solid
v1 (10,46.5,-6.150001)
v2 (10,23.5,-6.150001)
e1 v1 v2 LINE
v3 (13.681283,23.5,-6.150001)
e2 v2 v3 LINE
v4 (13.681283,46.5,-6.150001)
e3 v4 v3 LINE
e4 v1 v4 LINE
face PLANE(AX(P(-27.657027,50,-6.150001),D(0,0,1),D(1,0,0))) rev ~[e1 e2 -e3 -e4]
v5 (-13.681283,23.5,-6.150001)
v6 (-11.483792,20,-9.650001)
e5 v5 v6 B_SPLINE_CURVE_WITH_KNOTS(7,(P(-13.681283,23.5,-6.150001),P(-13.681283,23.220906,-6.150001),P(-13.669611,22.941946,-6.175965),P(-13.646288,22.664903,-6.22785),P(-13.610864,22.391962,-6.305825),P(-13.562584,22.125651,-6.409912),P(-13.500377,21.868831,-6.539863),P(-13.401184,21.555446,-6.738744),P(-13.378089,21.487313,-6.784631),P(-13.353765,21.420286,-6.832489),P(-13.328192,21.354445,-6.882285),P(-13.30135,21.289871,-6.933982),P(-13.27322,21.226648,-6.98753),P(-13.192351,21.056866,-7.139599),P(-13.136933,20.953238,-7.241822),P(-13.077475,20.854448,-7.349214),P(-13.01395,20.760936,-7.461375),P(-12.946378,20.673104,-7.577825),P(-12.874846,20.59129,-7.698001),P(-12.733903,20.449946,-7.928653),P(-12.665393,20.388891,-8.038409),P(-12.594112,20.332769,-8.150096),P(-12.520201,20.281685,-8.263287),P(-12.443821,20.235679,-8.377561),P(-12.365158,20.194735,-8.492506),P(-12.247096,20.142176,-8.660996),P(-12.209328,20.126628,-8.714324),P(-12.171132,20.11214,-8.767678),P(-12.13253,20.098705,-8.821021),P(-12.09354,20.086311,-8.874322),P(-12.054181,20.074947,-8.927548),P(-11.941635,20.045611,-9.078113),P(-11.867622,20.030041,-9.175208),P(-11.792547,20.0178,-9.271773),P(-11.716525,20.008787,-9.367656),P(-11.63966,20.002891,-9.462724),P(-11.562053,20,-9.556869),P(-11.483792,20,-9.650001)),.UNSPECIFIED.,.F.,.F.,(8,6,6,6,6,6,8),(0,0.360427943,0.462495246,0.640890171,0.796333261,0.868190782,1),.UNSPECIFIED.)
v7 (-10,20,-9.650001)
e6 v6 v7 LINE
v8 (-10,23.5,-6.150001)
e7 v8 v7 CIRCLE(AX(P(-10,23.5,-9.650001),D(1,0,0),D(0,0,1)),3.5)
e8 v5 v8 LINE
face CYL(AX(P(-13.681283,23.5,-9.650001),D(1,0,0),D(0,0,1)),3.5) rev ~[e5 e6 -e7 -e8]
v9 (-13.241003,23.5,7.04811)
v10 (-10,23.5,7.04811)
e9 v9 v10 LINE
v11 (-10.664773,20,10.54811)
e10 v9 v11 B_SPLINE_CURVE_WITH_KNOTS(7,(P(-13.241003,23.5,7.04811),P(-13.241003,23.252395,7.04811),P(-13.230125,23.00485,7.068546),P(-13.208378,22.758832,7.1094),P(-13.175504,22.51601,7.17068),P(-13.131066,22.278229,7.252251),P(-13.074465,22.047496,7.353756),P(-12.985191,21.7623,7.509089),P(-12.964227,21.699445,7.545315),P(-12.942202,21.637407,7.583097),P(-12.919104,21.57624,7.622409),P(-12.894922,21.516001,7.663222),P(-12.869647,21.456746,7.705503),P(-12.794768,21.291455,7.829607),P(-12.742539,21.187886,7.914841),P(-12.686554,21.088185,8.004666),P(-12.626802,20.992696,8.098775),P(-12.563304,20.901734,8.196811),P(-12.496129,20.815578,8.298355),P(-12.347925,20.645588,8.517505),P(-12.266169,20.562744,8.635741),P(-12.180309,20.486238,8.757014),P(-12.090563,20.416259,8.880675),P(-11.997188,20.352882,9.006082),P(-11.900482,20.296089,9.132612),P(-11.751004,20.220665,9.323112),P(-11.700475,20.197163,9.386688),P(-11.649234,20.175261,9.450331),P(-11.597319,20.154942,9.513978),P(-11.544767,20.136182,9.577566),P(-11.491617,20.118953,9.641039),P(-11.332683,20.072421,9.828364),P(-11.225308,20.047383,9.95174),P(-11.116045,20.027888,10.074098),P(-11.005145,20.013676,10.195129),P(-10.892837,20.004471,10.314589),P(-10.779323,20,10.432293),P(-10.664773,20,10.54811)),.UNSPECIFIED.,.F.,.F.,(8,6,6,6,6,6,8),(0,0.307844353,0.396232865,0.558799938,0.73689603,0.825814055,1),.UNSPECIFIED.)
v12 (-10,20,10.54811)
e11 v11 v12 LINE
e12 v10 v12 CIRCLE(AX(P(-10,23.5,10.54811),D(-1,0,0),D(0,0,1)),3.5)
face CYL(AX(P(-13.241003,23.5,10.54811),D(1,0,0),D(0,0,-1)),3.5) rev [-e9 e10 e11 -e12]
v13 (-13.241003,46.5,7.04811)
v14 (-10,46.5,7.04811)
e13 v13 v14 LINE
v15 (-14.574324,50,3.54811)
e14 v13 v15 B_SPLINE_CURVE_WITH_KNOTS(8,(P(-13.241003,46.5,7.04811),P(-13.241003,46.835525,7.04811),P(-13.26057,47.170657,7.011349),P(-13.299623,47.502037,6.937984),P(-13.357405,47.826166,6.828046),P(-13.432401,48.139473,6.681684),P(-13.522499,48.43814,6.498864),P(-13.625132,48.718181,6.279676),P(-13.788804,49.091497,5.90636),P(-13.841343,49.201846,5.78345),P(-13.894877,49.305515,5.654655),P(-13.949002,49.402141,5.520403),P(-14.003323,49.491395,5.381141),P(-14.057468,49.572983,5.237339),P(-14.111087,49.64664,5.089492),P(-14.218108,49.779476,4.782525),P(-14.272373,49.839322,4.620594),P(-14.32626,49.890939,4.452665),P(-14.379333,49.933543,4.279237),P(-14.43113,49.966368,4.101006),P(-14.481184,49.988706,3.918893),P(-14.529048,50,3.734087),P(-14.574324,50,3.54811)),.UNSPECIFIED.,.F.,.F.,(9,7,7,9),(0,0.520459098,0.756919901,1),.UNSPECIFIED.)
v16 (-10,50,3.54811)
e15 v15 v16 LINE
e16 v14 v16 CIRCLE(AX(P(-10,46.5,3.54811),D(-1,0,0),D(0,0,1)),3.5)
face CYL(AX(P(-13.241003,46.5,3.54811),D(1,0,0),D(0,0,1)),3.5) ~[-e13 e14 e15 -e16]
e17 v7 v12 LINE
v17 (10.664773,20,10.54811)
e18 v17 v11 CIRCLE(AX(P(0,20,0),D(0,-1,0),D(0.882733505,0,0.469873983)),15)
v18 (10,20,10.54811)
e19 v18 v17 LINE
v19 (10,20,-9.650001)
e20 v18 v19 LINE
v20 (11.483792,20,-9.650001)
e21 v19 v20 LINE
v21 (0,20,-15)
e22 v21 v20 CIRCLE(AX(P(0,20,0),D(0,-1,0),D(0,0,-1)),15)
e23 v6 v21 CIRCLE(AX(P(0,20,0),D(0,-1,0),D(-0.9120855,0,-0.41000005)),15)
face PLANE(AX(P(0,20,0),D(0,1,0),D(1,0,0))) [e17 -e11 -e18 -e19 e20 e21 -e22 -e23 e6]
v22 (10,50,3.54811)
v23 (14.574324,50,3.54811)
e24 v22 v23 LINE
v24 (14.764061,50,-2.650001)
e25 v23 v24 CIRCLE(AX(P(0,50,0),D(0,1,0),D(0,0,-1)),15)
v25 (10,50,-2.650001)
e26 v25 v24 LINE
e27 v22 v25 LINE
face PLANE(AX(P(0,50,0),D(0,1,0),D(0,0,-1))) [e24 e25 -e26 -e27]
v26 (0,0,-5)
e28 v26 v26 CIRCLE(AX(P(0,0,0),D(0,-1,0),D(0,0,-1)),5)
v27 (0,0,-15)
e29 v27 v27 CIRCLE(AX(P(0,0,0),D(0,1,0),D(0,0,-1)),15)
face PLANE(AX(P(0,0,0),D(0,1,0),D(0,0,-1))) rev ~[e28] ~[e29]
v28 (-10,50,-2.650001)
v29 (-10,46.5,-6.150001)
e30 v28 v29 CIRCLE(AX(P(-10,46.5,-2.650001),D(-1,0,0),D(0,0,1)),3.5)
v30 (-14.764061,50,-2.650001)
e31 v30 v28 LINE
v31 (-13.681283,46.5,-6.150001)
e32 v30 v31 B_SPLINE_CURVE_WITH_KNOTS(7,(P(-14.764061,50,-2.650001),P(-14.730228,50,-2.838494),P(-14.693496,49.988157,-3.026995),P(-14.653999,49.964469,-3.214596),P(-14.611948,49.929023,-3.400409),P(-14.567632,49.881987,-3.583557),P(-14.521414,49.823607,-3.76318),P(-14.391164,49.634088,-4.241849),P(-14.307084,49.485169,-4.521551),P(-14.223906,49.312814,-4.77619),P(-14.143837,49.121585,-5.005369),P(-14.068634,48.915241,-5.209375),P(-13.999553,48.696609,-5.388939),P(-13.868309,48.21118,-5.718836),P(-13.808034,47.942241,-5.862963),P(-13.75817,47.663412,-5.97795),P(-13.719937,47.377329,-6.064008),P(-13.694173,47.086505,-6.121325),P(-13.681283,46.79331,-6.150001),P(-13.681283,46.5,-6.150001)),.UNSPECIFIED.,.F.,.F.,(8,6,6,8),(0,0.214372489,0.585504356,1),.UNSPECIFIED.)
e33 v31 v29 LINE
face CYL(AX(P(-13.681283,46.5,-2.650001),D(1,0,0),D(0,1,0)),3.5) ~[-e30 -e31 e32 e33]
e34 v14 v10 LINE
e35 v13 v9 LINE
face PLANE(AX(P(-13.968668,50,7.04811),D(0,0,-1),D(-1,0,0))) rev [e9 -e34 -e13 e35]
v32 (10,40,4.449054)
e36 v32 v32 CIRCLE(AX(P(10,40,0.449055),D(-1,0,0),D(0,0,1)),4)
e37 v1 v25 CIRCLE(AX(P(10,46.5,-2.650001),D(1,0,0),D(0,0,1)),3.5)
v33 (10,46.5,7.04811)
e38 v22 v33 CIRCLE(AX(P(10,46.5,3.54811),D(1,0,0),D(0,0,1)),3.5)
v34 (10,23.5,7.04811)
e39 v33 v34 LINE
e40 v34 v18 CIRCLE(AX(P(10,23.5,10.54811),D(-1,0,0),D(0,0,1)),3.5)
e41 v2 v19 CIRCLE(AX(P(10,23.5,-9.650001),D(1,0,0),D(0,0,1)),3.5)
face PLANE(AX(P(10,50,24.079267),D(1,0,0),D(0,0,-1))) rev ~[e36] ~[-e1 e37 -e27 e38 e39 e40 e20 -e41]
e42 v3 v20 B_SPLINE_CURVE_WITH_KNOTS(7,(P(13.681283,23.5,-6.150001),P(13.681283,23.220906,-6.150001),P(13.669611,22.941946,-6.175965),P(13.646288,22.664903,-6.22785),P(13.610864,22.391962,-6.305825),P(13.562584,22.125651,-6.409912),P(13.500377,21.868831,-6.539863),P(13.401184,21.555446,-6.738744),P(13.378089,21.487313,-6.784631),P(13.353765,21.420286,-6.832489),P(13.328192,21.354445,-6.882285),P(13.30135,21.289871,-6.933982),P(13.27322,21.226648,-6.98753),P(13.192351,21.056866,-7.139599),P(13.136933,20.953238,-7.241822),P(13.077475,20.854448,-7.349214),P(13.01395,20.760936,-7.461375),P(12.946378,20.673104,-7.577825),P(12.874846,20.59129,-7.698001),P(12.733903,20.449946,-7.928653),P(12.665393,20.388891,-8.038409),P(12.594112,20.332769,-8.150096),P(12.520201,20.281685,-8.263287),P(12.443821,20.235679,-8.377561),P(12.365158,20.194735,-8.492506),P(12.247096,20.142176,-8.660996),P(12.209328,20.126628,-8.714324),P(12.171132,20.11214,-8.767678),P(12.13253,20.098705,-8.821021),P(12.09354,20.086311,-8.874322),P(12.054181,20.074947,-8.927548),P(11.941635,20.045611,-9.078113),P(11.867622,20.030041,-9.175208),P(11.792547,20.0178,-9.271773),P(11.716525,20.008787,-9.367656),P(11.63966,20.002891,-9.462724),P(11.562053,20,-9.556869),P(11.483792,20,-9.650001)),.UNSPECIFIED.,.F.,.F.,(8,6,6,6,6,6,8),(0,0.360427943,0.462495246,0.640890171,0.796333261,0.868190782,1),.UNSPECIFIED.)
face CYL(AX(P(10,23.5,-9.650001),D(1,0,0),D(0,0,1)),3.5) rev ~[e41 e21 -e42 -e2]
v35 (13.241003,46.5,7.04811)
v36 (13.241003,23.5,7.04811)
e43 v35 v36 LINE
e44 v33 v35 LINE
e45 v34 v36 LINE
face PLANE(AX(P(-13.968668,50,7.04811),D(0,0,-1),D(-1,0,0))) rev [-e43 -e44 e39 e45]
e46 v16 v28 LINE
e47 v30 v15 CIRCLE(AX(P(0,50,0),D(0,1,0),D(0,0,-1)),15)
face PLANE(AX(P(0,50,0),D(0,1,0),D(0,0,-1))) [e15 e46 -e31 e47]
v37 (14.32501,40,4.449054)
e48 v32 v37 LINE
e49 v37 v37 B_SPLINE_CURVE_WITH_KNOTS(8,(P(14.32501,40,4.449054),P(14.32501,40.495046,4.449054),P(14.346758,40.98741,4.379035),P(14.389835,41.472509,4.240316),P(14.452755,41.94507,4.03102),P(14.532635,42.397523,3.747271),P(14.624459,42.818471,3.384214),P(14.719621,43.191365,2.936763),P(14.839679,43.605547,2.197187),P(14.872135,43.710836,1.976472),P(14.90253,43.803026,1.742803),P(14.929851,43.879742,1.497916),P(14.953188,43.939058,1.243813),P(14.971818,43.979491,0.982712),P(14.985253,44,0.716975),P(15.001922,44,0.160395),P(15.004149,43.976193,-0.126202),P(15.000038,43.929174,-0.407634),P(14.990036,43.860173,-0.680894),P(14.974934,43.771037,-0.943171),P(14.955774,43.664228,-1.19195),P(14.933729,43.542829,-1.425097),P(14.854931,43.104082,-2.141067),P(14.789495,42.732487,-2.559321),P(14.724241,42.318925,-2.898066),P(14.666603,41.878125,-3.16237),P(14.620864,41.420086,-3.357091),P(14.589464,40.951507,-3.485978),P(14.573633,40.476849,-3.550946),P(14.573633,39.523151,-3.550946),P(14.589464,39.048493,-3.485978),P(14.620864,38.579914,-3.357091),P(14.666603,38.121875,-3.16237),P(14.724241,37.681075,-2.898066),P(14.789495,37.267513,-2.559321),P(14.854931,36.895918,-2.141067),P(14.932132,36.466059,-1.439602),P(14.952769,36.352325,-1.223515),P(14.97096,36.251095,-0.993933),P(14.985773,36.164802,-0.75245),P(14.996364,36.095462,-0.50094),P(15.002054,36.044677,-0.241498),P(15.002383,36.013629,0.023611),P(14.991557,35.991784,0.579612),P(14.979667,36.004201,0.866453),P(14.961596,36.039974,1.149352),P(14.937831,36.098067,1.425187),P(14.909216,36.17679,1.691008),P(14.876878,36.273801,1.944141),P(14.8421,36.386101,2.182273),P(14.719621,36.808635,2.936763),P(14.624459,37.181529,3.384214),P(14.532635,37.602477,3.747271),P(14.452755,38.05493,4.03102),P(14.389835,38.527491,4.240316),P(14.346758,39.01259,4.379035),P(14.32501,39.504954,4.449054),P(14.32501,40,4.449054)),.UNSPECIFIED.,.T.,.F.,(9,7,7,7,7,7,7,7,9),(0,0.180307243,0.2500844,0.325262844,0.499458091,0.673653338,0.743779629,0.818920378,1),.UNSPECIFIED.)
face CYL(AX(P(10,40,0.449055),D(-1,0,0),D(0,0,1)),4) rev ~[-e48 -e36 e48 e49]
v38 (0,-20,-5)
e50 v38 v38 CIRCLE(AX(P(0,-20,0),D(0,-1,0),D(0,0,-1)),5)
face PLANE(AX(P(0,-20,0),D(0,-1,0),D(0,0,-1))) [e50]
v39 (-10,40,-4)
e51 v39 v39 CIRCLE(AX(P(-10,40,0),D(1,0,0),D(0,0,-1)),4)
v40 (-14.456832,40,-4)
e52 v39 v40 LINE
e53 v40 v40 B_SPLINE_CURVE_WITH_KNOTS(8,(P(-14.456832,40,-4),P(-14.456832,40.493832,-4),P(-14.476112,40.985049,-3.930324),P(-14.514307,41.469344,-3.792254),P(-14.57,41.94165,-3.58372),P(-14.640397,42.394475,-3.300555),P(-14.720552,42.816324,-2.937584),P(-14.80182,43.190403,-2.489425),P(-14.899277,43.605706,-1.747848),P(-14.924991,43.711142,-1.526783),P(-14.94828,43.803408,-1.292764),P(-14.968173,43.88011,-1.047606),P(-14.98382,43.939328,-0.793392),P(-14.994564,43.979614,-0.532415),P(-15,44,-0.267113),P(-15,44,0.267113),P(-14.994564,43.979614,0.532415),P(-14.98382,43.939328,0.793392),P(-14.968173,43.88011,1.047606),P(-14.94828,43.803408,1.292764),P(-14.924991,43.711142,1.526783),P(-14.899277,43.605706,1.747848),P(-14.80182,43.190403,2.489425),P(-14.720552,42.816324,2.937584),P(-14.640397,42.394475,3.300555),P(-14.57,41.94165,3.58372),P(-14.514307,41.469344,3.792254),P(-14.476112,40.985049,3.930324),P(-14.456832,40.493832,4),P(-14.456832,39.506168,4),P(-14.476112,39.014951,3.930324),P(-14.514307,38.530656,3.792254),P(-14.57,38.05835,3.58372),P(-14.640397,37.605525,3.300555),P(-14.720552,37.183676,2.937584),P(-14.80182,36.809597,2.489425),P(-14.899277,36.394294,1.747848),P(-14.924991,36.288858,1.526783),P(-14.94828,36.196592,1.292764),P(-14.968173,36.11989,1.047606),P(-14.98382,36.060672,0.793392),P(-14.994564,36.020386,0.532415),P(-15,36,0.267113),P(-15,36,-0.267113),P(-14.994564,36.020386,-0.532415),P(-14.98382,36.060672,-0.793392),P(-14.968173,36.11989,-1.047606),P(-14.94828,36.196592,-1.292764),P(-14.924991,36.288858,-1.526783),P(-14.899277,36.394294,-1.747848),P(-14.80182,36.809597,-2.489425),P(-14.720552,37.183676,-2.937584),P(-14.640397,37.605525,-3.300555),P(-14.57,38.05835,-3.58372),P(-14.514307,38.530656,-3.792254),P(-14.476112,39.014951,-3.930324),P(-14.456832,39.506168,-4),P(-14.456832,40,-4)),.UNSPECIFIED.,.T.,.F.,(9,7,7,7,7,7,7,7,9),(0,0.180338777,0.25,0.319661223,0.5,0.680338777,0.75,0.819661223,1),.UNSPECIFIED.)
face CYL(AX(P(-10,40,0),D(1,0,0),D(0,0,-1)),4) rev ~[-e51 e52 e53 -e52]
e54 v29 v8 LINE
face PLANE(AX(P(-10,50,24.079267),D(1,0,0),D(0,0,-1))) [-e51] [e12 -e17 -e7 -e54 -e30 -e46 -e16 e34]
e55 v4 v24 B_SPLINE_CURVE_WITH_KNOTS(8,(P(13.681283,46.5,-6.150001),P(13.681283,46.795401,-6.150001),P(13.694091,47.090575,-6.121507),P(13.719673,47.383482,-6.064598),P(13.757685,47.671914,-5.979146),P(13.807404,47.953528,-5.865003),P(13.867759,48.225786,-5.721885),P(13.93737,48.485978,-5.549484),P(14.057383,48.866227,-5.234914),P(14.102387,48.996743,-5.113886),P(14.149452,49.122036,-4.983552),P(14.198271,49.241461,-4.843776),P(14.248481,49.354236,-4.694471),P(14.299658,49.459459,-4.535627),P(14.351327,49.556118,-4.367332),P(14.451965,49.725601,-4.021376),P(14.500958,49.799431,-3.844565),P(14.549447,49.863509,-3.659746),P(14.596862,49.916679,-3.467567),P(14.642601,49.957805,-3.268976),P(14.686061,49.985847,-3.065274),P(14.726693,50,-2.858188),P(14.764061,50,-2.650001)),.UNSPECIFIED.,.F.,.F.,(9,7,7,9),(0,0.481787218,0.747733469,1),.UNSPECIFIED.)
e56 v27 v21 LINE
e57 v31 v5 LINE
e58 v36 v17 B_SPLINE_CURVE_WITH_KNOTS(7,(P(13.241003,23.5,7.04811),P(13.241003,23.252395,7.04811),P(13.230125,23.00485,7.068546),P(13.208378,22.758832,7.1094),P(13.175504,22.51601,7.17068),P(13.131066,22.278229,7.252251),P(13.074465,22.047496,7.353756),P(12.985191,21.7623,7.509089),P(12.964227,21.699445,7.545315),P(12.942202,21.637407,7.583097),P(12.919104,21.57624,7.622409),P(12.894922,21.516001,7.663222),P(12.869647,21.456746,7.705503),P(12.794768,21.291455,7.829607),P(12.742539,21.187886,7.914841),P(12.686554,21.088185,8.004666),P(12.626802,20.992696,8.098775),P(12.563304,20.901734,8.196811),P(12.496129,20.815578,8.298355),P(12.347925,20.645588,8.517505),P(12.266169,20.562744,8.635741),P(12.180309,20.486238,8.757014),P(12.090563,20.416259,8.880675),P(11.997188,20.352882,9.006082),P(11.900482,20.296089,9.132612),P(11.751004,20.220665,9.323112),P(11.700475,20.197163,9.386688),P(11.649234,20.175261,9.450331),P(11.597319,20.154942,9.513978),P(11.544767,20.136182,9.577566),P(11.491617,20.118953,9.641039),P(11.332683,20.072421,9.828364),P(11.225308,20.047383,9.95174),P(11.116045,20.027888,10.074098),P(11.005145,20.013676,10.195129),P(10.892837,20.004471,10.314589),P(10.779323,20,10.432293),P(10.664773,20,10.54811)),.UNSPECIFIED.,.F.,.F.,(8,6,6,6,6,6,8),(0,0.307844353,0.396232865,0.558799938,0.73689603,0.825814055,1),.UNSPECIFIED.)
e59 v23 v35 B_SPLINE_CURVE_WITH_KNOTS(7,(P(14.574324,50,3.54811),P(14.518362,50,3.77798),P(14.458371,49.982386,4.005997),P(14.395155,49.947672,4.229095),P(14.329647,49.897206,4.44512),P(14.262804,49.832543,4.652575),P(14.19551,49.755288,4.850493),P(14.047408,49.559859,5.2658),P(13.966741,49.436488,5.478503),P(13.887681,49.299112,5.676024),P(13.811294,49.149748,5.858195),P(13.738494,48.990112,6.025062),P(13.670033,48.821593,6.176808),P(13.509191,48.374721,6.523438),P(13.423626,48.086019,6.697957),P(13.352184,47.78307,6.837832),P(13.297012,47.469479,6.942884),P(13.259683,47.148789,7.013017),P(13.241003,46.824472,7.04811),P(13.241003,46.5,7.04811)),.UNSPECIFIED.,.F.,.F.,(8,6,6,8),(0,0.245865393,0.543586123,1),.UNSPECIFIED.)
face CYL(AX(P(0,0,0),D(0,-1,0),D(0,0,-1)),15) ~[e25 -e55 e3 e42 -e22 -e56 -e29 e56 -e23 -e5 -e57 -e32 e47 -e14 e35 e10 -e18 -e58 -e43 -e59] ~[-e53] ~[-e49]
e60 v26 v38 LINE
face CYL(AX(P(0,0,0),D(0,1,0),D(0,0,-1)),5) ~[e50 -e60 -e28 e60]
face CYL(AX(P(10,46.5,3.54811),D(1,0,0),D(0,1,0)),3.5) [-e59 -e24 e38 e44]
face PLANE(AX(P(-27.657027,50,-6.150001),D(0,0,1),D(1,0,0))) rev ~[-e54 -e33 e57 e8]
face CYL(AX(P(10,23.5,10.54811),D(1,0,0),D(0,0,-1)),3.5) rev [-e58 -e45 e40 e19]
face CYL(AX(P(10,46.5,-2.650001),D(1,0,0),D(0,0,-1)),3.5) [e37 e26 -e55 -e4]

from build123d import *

# Parameters (mm, degrees)
SKETCH1_R           = 15
BOSS_EXTRUDE1_DEPTH = 50
SKETCH2_R           = 5
BOSS_EXTRUDE2_DEPTH = 20
SKETCH3_W           = 20
SKETCH3_H           = 48.158533428
CUT_EXTRUDE1_DEPTH  = 30
SKETCH4_W           = 29.182617016
SKETCH4_H           = 12.047974763
CUT_EXTRUDE4_DEPTH  = 30
SKETCH7_W           = 65.578145757
SKETCH7_H           = 22.973592685
CUT_EXTRUDE5_DEPTH  = 30
FILLET6_R           = 3.5
SKETCH9_R           = 4
CUT_EXTRUDE6_DEPTH  = 58.879184669
SKETCH11_R          = 4
CUT_EXTRUDE7_DEPTH  = 58.879184669


with BuildPart() as part:
    # Sketch1 → Boss-Extrude1 (new body)
    with BuildSketch(Plane(origin=(0, 0, 0), x_dir=(1, 0, 0), z_dir=(0, 1, 0))):
        with Locations(Location((0, 0, 0), (0, 0, 90))):
            Circle(SKETCH1_R)
    extrude(amount=BOSS_EXTRUDE1_DEPTH)

    # Sketch2 → Boss-Extrude2 (add)
    with BuildSketch(Plane.XZ):
        with Locations(Location((0, 0, 0), (0, 0, 270))):
            Circle(SKETCH2_R)
    extrude(amount=BOSS_EXTRUDE2_DEPTH)

    # Sketch3 → Cut-Extrude1 (cut)
    with BuildSketch(Plane(origin=(0, 50, 0), x_dir=(1, 0, 0), z_dir=(0, 1, 0))):
        Rectangle(SKETCH3_W, SKETCH3_H)
    extrude(amount=-CUT_EXTRUDE1_DEPTH, mode=Mode.SUBTRACT)

    # Sketch4 → Cut-Extrude4 (cut)
    with BuildSketch(Plane(origin=(0, 50, 0), x_dir=(1, 0, 0), z_dir=(0, 1, 0))):
        with Locations((0.622640913, 13.072097126)):
            Rectangle(SKETCH4_W, SKETCH4_H)
    cut_extrude4 = extrude(amount=-CUT_EXTRUDE4_DEPTH, mode=Mode.SUBTRACT)

    # Sketch7 → Cut-Extrude5 (cut)
    with BuildSketch(Plane(origin=(0, 50, 0), x_dir=(1, 0, 0), z_dir=(0, 1, 0))):
        with Locations((5.132045661, 17.636797086)):
            Rectangle(SKETCH7_W, SKETCH7_H)
    extrude(amount=-CUT_EXTRUDE5_DEPTH, mode=Mode.SUBTRACT)

    # Mirror1: Cut-Extrude4 across plane
    add(cut_extrude4.mirror(Plane.XY), mode=Mode.SUBTRACT)

    # Fillet6
    fillet6_edges = [part.edges().sort_by_distance(p)[0] for p in [
        (-11.84064125, 20, -6.150000743),
        (11.84064125, 20, -6.150000743),
        (-11.84064125, 50, -6.150000743),
        (11.84064125, 50, -6.150000743),
        (-11.620501285, 50, 7.048109744),
        (11.620501285, 50, 7.048109744),
        (-11.620501285, 20, 7.048109744),
        (11.620501285, 20, 7.048109744),
    ]]
    fillet(fillet6_edges, radius=FILLET6_R)

    # Sketch9 → Cut-Extrude6 (cut, through all)
    with BuildSketch(Plane(origin=(-10, 0, 0), x_dir=(0, 0, -1), z_dir=(1, 0, 0))):
        with Locations((0, 40)):
            Circle(SKETCH9_R)
    extrude(amount=-CUT_EXTRUDE6_DEPTH, mode=Mode.SUBTRACT)

    # Sketch11 → Cut-Extrude7 (cut, through all)
    with BuildSketch(Plane.ZY.offset(-10)):
        with Locations((0.4490545, 40)):
            Circle(SKETCH11_R)
    extrude(amount=-CUT_EXTRUDE7_DEPTH, mode=Mode.SUBTRACT)


solid = part.part
